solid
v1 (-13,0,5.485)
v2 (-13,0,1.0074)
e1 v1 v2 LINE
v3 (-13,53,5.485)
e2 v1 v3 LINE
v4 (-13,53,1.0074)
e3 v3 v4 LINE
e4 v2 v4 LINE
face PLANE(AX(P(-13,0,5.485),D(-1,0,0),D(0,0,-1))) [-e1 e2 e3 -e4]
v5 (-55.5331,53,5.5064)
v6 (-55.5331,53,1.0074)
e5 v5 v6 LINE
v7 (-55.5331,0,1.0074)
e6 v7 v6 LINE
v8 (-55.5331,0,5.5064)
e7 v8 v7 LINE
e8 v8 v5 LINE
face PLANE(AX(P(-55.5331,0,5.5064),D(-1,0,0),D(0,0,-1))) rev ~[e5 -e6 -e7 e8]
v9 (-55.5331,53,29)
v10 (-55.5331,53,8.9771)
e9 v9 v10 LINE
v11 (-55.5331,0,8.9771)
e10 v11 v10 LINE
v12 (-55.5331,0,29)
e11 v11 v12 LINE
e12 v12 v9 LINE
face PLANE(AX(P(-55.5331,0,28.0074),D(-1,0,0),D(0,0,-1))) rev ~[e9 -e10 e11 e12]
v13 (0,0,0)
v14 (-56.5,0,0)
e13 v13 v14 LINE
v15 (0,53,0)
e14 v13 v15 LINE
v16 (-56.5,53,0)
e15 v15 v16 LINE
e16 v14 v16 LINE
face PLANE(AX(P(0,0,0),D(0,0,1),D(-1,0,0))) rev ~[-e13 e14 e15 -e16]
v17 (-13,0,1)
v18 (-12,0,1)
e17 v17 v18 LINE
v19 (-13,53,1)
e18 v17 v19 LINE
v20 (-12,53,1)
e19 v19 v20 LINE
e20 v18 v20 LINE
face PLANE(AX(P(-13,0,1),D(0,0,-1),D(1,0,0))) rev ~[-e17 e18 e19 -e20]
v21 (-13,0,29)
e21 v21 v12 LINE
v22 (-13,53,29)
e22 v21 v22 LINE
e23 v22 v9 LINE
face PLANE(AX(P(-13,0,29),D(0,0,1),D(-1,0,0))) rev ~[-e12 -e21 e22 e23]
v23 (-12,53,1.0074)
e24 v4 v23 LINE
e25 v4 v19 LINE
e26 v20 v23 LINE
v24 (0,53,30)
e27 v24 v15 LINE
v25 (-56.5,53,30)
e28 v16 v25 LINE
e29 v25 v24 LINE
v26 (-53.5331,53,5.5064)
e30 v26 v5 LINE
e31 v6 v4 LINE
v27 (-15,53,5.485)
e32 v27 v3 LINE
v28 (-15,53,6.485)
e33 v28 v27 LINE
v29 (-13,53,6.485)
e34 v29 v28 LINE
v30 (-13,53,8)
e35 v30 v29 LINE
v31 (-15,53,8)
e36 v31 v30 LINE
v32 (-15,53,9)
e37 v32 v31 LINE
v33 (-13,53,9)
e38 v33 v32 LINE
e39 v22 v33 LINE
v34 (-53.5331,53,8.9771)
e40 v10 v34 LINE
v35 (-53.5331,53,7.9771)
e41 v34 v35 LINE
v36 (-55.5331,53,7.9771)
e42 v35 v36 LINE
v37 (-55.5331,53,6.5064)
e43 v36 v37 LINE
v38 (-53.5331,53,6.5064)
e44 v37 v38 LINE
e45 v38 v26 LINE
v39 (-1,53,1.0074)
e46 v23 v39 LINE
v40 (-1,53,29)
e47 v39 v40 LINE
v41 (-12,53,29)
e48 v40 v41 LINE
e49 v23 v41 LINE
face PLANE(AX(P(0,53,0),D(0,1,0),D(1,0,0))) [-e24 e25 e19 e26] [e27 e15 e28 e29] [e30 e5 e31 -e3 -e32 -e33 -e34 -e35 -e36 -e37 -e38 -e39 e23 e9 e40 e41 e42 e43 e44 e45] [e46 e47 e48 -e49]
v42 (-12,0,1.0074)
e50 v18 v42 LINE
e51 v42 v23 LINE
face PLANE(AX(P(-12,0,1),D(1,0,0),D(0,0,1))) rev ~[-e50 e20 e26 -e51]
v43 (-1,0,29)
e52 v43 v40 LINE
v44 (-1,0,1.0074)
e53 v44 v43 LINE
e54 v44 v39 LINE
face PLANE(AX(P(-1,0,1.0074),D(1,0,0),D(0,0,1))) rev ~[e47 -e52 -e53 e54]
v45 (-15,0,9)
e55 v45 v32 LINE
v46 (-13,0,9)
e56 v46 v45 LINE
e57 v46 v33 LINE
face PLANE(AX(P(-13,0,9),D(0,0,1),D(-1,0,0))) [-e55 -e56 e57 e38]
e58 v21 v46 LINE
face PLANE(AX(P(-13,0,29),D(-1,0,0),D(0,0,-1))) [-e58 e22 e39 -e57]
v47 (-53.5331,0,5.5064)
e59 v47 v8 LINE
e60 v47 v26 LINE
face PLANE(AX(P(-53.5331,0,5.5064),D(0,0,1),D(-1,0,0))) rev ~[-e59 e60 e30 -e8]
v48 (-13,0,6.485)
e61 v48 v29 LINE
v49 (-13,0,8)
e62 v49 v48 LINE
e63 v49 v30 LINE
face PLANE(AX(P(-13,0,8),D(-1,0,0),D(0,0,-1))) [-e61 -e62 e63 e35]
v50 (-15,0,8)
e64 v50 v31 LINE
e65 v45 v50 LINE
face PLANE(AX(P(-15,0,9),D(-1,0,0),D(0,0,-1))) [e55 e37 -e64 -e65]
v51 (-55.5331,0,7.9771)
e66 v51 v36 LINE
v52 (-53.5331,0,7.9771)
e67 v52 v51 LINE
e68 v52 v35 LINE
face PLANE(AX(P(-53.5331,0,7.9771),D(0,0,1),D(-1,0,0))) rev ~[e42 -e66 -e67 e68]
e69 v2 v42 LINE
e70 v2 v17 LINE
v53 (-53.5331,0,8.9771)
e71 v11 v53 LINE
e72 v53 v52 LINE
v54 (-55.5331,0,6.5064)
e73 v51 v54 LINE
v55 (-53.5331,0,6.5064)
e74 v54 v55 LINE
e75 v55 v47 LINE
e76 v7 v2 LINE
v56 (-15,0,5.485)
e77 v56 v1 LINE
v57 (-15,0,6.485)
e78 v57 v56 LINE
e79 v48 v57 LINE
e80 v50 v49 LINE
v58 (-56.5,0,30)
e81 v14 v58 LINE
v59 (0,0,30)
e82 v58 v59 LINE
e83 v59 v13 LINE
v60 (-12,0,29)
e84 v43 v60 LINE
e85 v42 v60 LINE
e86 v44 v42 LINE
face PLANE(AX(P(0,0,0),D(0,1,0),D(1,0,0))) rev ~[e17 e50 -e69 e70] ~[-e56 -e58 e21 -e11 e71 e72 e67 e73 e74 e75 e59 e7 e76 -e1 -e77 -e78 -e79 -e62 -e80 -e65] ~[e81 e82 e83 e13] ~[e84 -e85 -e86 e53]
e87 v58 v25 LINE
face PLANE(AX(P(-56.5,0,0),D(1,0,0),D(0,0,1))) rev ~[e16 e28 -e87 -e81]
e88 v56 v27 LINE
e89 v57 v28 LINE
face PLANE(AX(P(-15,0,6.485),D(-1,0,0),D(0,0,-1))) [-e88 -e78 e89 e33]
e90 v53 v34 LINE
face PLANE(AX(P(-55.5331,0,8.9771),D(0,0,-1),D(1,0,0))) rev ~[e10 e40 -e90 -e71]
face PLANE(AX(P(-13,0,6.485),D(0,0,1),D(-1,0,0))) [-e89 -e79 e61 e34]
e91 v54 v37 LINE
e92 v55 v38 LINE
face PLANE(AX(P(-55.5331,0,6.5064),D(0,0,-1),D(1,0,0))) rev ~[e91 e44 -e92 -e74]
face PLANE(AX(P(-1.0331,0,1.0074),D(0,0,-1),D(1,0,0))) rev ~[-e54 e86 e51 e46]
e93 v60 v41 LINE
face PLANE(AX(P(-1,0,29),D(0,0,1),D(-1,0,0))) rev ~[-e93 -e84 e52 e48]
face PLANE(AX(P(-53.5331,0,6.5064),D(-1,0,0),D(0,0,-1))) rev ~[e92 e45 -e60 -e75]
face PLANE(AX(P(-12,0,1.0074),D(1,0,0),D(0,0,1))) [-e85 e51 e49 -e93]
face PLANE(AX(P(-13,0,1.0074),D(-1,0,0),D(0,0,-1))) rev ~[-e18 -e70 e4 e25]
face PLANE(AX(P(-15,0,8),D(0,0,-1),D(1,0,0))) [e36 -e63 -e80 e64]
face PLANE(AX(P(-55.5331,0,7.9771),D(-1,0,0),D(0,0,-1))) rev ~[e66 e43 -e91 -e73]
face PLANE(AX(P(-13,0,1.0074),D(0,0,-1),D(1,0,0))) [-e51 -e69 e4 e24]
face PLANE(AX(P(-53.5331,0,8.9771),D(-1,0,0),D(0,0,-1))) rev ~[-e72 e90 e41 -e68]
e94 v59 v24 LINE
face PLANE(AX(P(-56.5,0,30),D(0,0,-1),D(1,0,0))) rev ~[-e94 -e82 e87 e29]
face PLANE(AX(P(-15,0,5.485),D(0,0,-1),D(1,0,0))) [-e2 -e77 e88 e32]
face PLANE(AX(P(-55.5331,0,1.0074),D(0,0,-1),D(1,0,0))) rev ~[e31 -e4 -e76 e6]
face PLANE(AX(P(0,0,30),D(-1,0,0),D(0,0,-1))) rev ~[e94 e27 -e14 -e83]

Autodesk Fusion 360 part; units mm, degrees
sketch "Esquisse1" plane through (0, 0, 0) normal (0, 1, 0) x (1, 0, 0)
  line L0 (0, 0) -> (-56.5, 0)
  line L1 (-56.5, 0) -> (-56.5, -30)
  line L2 (-56.5, -30) -> (0, -30)
  line L3 (0, -30) -> (0, 0)
  line L4 (-1, -29) -> (-55.5331, -29)
  line L5 (-55.5331, -29) -> (-55.5331, -1.0074)
  line L6 (-55.5331, -1.0074) -> (-1, -1.0074)
  line L7 (-1, -1.0074) -> (-1, -29)
  line L8 (-55.5331, -1.0074) -> (-1.0331, -1.0074)
  line L9 (-1.0331, -1.0074) -> (-1.0331, -28.0074)
  line L10 (-55.5331, -28.0074) -> (-55.5331, -1.0074)
  line L11 (-12, -29) -> (-13, -29)
  line L12 (-13, -29) -> (-13, -1)
  line L13 (-13, -1) -> (-12, -1)
  line L14 (-12, -1) -> (-12, -29)
  line L15 (-13, -9) -> (-15, -9)
  line L16 (-15, -9) -> (-15, -8)
  line L17 (-15, -8) -> (-13, -8)
  line L18 (-13, -8) -> (-13, -9)
  line L19 (-13, -6.485) -> (-15, -6.485)
  line L20 (-15, -6.485) -> (-15, -5.485)
  line L21 (-15, -5.485) -> (-13, -5.485)
  line L22 (-13, -5.485) -> (-13, -6.485)
  line L23 (-55.5331, -8.9771) -> (-53.5331, -8.9771)
  line L24 (-53.5331, -8.9771) -> (-53.5331, -7.9771)
  line L25 (-53.5331, -7.9771) -> (-55.5331, -7.9771)
  line L26 (-55.5331, -7.9771) -> (-55.5331, -8.9771)
  line L27 (-55.5331, -6.5064) -> (-53.5331, -6.5064)
  line L28 (-53.5331, -6.5064) -> (-53.5331, -5.5064)
  line L29 (-53.5331, -5.5064) -> (-55.5331, -5.5064)
  line L30 (-55.5331, -5.5064) -> (-55.5331, -6.5064)
extrude "Extrusion2" add sketch "Esquisse1" along normal blind 53 contours L0 L1 L2 L3 | L4 L6 L8 L11 L12 L14 L18 L22 | L12 L15 L16 L17 L18 | L12 L19 L20 L21 L22 | L5 L10 L23 L24 L25 L26 | L5 L10 L27 L28 L29 L30
sketch "Esquisse2" plane through (0, 0, 0) normal (0, -1, 0) x (1, 0, 0)
  line L0 (-12, 1.0074) -> (-12, 29)
  line L1 (-12, 29) -> (-1, 29)
  line L2 (-1, 29) -> (-1, 1.0074)
  line L3 (-1, 1.0074) -> (-12, 1.0074)
  line L4 (-12, 1.0074) -> (-12, 1)
  line L5 (-12, 1) -> (-13, 1)
  line L6 (-13, 1) -> (-13, 1.0074)
  line L7 (-13, 1.0074) -> (-55.5331, 1.0074)
  line L8 (-55.5331, 1.0074) -> (-55.5331, 5.5064)
  line L9 (-55.5331, 5.5064) -> (-53.5331, 5.5064)
  line L10 (-53.5331, 5.5064) -> (-53.5331, 6.5064)
  line L11 (-53.5331, 6.5064) -> (-55.5331, 6.5064)
  line L12 (-55.5331, 6.5064) -> (-55.5331, 7.9771)
  line L13 (-55.5331, 7.9771) -> (-53.5331, 7.9771)
  line L14 (-53.5331, 7.9771) -> (-53.5331, 8.9771)
  line L15 (-53.5331, 8.9771) -> (-55.5331, 8.9771)
  line L16 (-55.5331, 8.9771) -> (-55.5331, 29)
  line L17 (-55.5331, 29) -> (-13, 29)
  line L18 (-13, 29) -> (-13, 9)
  line L19 (-13, 9) -> (-15, 9)
  line L20 (-15, 9) -> (-15, 8)
  line L21 (-15, 8) -> (-13, 8)
  line L22 (-13, 8) -> (-13, 6.485)
  line L23 (-13, 6.485) -> (-15, 6.485)
  line L24 (-15, 6.485) -> (-15, 5.485)
  line L25 (-15, 5.485) -> (-13, 5.485)
  line L26 (-13, 5.485) -> (-13, 1.0074)
  line L27 (-13, 1.0074) -> (-12, 1.0074)
  line L28 (0, 0) -> (0, 30)
  line L29 (0, 30) -> (-56.5, 30)
  line L30 (-56.5, 30) -> (-56.5, 0)
  line L31 (-56.5, 0) -> (0, 0)
extrude "Extrusion1" [suppressed]
